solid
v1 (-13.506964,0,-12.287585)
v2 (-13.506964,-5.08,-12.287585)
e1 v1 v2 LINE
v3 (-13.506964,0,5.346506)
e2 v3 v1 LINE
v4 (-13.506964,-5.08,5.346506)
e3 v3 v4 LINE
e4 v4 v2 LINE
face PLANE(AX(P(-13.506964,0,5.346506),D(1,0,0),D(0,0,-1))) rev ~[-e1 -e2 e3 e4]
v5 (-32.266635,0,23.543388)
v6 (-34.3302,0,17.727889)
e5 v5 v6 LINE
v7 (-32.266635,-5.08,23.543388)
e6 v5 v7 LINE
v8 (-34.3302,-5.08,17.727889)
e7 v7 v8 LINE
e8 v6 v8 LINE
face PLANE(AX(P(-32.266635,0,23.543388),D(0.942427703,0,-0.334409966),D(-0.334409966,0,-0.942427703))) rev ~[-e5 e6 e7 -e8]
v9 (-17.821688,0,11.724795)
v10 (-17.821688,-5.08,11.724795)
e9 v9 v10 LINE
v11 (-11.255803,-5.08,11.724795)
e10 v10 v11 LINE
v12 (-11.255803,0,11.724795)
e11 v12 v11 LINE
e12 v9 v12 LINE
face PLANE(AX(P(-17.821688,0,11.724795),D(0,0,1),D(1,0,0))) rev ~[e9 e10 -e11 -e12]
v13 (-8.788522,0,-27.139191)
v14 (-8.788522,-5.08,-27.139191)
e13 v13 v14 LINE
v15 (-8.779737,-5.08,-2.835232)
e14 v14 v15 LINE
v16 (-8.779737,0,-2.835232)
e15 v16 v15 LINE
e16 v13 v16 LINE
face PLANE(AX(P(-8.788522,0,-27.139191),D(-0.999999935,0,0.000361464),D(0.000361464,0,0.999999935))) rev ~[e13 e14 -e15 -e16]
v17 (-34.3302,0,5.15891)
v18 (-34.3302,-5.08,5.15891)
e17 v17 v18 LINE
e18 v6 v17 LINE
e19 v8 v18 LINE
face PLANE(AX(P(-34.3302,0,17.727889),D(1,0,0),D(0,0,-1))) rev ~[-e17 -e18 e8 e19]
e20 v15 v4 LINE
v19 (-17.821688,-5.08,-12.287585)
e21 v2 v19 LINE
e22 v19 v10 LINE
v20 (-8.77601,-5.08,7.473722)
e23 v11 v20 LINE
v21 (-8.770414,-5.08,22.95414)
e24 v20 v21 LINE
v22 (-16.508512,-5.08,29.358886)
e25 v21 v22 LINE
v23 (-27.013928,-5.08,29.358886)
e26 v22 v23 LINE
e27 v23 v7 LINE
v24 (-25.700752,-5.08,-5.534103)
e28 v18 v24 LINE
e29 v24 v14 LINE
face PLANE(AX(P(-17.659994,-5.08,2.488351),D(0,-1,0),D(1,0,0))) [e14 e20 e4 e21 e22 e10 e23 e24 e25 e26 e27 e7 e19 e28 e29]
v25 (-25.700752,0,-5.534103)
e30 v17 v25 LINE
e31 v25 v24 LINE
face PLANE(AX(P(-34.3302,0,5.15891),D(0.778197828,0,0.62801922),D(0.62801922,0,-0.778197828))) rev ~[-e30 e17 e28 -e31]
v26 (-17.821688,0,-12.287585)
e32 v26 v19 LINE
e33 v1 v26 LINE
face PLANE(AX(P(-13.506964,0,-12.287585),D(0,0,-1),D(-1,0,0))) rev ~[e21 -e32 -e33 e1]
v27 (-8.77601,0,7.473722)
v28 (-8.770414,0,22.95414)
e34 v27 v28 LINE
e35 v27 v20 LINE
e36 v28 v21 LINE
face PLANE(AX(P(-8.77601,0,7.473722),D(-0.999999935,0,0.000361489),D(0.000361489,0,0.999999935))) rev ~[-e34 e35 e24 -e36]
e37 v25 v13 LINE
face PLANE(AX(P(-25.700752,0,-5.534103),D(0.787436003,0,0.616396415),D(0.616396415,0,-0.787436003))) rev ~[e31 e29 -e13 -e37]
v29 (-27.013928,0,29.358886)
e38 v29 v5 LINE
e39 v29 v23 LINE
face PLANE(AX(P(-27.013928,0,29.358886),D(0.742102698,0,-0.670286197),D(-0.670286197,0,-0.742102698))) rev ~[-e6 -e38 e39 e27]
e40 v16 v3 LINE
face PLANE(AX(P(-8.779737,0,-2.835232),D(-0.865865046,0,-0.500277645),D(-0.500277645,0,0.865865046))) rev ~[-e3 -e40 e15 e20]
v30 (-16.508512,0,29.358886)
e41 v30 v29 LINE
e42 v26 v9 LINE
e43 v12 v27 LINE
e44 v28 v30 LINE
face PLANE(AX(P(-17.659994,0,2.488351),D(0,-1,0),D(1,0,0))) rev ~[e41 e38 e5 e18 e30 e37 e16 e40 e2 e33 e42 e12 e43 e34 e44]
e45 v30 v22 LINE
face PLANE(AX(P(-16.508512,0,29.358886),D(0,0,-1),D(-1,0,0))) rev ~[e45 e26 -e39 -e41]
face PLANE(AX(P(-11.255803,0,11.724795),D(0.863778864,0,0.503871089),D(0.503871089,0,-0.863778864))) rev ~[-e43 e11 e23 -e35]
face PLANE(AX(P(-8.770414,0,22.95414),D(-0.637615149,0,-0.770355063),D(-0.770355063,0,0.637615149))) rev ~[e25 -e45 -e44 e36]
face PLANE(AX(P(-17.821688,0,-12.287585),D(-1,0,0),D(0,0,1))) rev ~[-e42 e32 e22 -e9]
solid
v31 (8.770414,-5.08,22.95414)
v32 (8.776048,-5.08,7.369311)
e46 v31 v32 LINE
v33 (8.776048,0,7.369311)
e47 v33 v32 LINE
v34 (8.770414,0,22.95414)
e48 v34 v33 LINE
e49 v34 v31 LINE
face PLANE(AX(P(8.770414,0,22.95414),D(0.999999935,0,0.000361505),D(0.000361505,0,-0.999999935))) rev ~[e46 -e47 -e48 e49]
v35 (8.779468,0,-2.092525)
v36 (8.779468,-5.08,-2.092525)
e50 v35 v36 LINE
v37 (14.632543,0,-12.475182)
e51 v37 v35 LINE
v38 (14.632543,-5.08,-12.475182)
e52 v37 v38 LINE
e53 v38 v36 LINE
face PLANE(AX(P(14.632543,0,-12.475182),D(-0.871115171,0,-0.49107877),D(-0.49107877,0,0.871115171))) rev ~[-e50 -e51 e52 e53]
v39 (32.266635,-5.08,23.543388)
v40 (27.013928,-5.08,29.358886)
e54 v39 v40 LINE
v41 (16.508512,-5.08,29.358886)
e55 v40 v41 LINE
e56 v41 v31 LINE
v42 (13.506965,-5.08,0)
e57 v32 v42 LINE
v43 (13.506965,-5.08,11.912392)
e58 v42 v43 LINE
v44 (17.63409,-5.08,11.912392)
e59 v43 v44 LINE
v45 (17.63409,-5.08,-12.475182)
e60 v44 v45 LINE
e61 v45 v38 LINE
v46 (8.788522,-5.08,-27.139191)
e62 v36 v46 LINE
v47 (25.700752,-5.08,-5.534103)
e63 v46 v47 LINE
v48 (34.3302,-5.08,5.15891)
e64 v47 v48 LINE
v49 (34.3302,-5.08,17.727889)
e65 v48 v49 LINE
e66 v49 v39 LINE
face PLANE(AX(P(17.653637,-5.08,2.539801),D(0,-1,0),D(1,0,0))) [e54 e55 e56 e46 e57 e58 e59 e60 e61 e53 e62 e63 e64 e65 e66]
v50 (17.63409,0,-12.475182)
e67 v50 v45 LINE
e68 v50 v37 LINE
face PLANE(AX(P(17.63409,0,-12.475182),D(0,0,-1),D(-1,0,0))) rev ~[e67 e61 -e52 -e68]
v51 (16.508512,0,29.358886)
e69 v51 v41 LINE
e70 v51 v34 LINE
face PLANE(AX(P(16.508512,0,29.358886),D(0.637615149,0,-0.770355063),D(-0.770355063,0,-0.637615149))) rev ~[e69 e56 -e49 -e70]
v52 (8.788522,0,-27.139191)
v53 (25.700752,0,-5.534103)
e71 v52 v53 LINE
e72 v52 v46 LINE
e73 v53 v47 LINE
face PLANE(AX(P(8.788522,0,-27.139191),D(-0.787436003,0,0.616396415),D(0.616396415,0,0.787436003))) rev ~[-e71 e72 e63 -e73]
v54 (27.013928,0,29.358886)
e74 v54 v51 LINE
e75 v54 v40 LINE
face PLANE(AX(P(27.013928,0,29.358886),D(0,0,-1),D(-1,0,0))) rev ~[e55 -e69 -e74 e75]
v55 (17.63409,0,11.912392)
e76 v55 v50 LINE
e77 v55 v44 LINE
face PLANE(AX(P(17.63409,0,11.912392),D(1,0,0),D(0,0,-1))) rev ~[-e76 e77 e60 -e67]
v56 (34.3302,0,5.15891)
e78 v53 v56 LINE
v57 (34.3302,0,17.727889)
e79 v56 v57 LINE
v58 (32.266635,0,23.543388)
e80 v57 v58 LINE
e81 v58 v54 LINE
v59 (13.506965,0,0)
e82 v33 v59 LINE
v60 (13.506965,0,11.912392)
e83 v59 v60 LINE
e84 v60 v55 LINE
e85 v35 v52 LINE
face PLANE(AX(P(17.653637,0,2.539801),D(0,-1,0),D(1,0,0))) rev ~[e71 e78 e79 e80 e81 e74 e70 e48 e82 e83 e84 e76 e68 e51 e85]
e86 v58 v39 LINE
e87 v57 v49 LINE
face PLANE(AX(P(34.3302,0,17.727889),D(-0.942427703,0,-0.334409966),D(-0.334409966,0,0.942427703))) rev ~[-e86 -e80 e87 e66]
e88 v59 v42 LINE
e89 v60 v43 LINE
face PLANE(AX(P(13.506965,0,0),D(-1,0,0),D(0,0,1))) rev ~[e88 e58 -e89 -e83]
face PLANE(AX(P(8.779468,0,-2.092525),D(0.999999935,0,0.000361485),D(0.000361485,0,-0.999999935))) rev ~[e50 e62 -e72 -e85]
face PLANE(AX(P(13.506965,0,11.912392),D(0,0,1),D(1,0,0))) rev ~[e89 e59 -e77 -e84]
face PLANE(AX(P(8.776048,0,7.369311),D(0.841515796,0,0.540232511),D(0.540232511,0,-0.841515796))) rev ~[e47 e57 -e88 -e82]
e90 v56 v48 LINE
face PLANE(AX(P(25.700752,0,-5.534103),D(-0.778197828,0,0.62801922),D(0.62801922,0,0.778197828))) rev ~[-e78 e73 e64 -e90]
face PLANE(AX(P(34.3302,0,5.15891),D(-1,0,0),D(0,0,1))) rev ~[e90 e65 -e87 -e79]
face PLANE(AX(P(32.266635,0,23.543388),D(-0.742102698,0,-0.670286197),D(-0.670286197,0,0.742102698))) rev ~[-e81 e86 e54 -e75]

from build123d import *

# Parameters (mm, degrees)
F1_DEPTH = 5.08


with BuildPart() as f1:
    # F0 (on Front) → F1 (new body)
    with BuildSketch(Plane.XZ):
        Polygon((-8.77601, 7.473722), (-8.770414, 22.95414), (-16.508512, 29.358886), (-27.013928, 29.358886), (-32.266635, 23.543388), (-34.3302, 17.727889), (-34.3302, 5.15891), (-25.700752, -5.534103), (-8.788522, -27.139191), (-8.779737, -2.835232), (-13.506964, 5.346506), (-13.506964, -12.287585), (-17.821688, -12.287585), (-17.821688, 11.724795), (-11.255803, 11.724795), align=None)
        Polygon((16.508512, 29.358886), (8.770414, 22.95414), (8.776048, 7.369311), (13.506965, 0), (13.506965, 11.912392), (17.63409, 11.912392), (17.63409, -12.475182), (14.632543, -12.475182), (8.779468, -2.092525), (8.788522, -27.139191), (25.700752, -5.534103), (34.3302, 5.15891), (34.3302, 17.727889), (32.266635, 23.543388), (27.013928, 29.358886), align=None)
    extrude(amount=F1_DEPTH)


solid = f1.part
